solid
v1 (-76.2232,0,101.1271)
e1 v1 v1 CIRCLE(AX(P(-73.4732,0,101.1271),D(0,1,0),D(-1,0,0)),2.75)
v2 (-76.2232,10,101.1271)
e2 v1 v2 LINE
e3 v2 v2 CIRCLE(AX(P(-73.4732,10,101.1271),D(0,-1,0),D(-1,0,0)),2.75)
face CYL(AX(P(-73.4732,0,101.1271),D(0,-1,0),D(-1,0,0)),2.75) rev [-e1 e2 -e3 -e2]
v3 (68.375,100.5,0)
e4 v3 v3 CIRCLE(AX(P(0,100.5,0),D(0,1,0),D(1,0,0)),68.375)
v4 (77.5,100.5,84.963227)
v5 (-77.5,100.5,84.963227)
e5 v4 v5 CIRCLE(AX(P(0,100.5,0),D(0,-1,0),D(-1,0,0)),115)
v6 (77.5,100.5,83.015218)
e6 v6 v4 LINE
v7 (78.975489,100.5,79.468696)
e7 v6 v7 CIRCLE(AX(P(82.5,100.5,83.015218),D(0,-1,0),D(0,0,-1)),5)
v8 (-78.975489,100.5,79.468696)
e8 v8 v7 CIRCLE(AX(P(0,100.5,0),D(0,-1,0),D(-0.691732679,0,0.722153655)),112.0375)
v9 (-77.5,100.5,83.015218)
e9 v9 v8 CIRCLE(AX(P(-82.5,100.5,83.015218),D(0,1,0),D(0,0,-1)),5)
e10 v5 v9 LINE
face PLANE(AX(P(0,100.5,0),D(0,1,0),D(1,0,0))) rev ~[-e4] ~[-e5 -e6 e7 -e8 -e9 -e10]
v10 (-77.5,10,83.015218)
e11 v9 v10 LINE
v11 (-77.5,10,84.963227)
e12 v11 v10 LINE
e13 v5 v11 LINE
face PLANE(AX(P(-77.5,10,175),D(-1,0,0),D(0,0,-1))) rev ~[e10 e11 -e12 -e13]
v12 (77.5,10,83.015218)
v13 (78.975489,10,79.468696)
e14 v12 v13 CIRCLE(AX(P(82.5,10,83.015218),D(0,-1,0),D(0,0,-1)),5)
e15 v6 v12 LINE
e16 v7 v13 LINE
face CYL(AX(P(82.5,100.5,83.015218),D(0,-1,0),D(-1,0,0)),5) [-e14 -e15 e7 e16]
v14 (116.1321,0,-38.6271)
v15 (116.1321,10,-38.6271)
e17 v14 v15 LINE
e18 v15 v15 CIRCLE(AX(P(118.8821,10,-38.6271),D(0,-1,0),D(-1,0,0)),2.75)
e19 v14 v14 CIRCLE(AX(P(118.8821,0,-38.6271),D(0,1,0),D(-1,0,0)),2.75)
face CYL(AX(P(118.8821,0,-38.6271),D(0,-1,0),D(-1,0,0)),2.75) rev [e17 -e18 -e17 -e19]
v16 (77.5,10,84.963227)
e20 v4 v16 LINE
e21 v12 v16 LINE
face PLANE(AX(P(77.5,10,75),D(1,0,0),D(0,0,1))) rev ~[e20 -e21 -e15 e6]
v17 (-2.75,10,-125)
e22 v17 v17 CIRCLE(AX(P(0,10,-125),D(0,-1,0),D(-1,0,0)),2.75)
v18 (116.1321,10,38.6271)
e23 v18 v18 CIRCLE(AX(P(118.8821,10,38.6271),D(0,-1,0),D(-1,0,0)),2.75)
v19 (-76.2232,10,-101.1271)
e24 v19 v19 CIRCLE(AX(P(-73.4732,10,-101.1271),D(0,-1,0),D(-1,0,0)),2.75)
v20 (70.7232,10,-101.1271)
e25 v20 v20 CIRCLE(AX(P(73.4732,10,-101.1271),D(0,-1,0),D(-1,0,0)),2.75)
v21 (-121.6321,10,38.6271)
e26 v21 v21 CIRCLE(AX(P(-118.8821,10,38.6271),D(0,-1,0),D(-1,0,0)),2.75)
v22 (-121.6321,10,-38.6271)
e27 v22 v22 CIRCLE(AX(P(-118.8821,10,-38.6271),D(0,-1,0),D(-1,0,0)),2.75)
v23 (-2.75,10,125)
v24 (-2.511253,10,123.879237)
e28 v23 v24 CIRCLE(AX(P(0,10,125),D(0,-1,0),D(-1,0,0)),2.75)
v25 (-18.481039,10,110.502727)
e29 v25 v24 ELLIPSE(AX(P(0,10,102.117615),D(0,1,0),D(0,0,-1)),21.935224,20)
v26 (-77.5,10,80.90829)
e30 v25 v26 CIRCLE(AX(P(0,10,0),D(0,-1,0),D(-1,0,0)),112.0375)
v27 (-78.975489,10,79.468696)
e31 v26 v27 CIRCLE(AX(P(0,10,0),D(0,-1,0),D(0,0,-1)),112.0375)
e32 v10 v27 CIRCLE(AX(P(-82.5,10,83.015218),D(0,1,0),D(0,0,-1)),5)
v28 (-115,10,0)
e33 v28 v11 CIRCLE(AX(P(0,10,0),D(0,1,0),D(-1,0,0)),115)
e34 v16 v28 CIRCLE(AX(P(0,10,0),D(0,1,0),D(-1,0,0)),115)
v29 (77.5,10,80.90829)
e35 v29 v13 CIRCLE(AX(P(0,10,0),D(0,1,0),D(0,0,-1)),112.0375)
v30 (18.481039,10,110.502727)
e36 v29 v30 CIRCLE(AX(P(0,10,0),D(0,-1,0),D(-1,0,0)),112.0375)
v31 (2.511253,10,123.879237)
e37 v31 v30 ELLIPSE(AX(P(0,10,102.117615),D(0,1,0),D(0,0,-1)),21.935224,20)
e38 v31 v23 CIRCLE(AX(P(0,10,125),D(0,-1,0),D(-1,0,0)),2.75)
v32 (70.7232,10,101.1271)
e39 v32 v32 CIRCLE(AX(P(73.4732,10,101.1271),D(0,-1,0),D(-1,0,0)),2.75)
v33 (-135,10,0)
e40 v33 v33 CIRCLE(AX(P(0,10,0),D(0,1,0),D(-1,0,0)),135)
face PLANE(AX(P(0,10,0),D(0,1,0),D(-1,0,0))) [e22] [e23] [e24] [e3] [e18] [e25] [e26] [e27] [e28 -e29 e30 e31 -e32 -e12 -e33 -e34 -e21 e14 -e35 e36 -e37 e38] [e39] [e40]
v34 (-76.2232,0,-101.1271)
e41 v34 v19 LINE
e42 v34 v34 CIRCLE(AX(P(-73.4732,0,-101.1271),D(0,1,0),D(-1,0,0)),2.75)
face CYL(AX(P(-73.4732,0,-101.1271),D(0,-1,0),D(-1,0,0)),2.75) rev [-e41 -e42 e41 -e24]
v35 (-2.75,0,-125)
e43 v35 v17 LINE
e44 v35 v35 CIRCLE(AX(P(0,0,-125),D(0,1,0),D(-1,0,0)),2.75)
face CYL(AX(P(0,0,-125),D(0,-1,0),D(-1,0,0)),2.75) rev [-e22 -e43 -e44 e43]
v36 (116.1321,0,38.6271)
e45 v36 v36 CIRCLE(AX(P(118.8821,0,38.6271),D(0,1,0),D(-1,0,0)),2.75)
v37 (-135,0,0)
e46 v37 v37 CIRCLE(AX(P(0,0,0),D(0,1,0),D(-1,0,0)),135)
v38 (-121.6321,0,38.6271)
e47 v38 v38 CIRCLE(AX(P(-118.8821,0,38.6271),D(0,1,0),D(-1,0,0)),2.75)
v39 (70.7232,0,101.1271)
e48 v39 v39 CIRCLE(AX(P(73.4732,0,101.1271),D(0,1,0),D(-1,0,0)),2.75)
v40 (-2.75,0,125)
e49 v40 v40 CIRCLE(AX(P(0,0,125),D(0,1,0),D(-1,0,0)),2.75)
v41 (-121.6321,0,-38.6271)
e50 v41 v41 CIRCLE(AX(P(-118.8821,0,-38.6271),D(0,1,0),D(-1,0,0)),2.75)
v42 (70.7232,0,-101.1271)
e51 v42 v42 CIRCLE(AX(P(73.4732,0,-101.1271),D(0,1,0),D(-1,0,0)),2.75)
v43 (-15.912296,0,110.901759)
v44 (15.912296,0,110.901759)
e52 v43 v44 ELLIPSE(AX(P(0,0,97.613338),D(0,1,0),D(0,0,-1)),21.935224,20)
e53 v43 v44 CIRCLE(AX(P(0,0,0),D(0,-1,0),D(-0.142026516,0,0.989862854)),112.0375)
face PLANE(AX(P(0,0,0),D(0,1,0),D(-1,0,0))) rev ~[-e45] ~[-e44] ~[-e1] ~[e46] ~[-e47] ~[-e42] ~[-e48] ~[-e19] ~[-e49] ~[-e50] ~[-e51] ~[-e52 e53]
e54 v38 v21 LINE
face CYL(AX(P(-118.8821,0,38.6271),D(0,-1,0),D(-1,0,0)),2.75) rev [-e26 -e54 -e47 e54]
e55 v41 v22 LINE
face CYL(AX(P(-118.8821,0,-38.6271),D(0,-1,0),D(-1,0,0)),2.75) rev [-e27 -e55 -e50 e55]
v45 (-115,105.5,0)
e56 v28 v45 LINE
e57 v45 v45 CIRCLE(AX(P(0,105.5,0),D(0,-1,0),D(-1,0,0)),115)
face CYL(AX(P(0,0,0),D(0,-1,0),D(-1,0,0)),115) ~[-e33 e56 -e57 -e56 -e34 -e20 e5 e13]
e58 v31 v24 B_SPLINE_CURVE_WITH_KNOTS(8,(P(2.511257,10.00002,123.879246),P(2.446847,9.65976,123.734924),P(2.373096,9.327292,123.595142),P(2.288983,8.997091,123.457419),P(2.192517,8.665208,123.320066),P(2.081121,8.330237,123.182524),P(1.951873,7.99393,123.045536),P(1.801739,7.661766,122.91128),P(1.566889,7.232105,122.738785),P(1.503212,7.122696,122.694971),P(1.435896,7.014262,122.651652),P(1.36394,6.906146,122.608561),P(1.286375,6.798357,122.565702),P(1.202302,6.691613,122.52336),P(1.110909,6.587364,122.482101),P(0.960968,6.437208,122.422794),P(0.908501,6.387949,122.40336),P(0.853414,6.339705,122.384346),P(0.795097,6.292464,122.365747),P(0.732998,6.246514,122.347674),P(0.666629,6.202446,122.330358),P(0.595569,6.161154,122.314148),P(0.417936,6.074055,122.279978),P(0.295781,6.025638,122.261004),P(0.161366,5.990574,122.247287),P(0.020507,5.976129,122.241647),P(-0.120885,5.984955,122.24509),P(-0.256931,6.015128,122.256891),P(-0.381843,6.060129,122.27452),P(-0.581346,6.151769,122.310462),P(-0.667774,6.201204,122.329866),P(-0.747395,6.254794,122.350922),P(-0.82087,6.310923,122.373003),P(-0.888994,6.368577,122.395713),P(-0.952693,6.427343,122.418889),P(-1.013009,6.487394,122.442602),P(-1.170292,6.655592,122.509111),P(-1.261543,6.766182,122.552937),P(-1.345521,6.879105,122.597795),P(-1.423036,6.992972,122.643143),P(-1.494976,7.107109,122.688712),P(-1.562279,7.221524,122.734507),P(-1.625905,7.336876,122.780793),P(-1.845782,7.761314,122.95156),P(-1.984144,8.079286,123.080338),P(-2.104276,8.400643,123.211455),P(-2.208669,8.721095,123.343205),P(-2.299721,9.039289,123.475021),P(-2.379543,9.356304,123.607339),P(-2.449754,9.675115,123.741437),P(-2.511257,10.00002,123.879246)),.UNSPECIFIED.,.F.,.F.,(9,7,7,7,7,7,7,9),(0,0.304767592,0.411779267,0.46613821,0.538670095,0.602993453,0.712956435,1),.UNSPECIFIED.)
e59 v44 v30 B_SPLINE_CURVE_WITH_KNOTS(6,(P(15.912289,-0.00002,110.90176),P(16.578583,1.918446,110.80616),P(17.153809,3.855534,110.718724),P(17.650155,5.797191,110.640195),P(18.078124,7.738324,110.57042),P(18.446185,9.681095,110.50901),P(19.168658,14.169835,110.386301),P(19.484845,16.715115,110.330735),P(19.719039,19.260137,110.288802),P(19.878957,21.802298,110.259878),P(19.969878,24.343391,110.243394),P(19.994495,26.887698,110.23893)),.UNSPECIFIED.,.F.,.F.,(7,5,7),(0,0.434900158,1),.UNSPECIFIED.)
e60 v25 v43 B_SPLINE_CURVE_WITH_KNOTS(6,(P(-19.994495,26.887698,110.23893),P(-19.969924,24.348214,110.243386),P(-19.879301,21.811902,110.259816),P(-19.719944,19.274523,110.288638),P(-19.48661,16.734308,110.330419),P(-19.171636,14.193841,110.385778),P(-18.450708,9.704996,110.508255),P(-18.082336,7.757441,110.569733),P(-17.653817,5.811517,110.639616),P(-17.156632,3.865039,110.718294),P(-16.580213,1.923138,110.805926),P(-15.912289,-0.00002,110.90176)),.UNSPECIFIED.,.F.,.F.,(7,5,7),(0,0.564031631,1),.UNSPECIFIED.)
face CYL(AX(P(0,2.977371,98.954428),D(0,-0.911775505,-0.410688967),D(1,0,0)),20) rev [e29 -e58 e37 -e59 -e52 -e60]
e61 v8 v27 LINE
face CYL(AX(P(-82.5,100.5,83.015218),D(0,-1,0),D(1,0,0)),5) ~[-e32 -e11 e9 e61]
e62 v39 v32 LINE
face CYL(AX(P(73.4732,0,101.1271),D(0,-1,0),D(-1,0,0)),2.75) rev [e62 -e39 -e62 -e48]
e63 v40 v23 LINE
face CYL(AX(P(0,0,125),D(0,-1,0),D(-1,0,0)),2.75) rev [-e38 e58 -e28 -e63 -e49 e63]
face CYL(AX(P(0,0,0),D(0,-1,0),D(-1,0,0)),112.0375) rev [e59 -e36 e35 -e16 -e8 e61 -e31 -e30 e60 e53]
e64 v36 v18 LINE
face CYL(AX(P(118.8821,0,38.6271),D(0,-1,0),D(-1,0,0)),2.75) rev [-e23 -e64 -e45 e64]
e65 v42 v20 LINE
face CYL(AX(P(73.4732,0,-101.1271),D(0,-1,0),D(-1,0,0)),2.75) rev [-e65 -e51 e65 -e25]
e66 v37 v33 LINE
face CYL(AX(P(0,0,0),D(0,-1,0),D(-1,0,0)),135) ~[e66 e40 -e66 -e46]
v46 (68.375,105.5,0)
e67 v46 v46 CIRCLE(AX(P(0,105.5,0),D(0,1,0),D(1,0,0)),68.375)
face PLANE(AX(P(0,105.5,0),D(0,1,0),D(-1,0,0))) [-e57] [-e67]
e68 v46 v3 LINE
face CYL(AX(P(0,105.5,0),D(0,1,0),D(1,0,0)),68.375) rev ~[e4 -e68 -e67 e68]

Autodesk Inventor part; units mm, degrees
sketch "Sketch1" plane through (0, 0, 0) normal (0, 1, 0) x (-1, 0, 0)
  circle A0 centre (0, 0) radius 135
  circle A1 centre (0, 0) radius 115
  circle A2 centre (0, 0) radius 112.0375
  circle A3 centre (0, 0) radius 9.5
  circle A4 centre (0, 0) radius 125
  circle A5 centre (0, -125) radius 2.75
  circle A6 centre (73.4732, -101.1271) radius 2.75
  circle A7 centre (118.8821, -38.6271) radius 2.75
  circle A8 centre (118.8821, 38.6271) radius 2.75
  circle A9 centre (73.4732, 101.1271) radius 2.75
  circle A10 centre (0, 125) radius 2.75
  circle A11 centre (-73.4732, 101.1271) radius 2.75
  circle A12 centre (-118.8821, 38.6271) radius 2.75
  circle A13 centre (-118.8821, -38.6271) radius 2.75
  circle A14 centre (-73.4732, -101.1271) radius 2.75
  dimension "d264" = 250
  dimension "Absolute_Diameter" = 270
  dimension "Diameter_No_Outer_Lip" = 230
  dimension "Inner_Cylinder_Diameter" = 224.075
  dimension "Lip_Diameter" = 19
  dimension "d265" = 5.5
  dimension "d268" = 360
extrude "Extrusion1" add sketch "Sketch1" along normal blind 10 contours A0 | A4 A7 A6 A5 A14 A13 A12 A11 A10 A9 A8
extrude "Extrusion2" add sketch "Sketch1" along normal blind 105.5 contours A1
sketch "Sketch2" plane through (0, 105.5, 0) normal (0, 1, 0) x (1, 0, 0)
  circle A0 centre (0, 0) radius 115
  circle A1 centre (0, 0) radius 68.375
  dimension "Lip_Diameter_Out" = 230
  dimension "Inner_Lip_Diameter" = 136.75
extrude "Extrusion7" add sketch "Sketch2" against normal blind 5
sketch "Sketch28" plane through (0, 10, 0) normal (0, 1, 0) x (1, 0, 0)
  line L0 (-77.5, -75) -> (77.5, -75)
  line L1 (77.5, -75) -> (77.5, -175)
  line L2 (77.5, -175) -> (-77.5, -175)
  line L3 (-77.5, -175) -> (-77.5, -75)
  circle A0 centre (0, -125) radius 2.75 projected
  line L4 (-77.5, -75) -> (77.5, -175) construction
  line L5 (77.5, -75) -> (-77.5, -175) construction
  point P0 (0, 0)
  dimension "d271" = 155
  dimension "d272" = 100
extrude "Extrusion34" cut sketch "Sketch28" along normal up to surface (90.5 mm away)
sketch "Sketch30" plane through (0, 10, 0) normal (0, 1, 0) x (1, 0, 0)
  point P0 (0, 0)
ref_plane "Work Plane19" through (16.25, 10, -160.125) normal (0, 0.3947, -0.9188) x (1, 0, 0)
ref_plane "Work Plane21" through (16.25, 10, -160.125) normal (0, 0.9118, 0.4107) x (1, 0, 0)
ref_plane "Work Plane22" through (16.25, 101.1762, -119.0531) normal (0, 0.9118, 0.4107) x (1, 0, 0)
sketch "Sketch31" plane through (16.25, 101.1762, -119.0531) normal (0, 0.9118, 0.4107) x (1, 0, 0)
  circle A0 centre (-16.25, -239.1031) radius 20
  point P0 (-16.25, -150.1031)
  dimension "d286" = 40
  dimension "d289" = 89
extrude "Extrusion36" cut sketch "Sketch31" along normal mid plane 52.8625
fillet "Fillet19" radius 5 2 edges at (-77.5, 55.25, 80.9083) (77.5, 55.25, 80.9083)
properties part number "Cylinder Segment  Camera only"
